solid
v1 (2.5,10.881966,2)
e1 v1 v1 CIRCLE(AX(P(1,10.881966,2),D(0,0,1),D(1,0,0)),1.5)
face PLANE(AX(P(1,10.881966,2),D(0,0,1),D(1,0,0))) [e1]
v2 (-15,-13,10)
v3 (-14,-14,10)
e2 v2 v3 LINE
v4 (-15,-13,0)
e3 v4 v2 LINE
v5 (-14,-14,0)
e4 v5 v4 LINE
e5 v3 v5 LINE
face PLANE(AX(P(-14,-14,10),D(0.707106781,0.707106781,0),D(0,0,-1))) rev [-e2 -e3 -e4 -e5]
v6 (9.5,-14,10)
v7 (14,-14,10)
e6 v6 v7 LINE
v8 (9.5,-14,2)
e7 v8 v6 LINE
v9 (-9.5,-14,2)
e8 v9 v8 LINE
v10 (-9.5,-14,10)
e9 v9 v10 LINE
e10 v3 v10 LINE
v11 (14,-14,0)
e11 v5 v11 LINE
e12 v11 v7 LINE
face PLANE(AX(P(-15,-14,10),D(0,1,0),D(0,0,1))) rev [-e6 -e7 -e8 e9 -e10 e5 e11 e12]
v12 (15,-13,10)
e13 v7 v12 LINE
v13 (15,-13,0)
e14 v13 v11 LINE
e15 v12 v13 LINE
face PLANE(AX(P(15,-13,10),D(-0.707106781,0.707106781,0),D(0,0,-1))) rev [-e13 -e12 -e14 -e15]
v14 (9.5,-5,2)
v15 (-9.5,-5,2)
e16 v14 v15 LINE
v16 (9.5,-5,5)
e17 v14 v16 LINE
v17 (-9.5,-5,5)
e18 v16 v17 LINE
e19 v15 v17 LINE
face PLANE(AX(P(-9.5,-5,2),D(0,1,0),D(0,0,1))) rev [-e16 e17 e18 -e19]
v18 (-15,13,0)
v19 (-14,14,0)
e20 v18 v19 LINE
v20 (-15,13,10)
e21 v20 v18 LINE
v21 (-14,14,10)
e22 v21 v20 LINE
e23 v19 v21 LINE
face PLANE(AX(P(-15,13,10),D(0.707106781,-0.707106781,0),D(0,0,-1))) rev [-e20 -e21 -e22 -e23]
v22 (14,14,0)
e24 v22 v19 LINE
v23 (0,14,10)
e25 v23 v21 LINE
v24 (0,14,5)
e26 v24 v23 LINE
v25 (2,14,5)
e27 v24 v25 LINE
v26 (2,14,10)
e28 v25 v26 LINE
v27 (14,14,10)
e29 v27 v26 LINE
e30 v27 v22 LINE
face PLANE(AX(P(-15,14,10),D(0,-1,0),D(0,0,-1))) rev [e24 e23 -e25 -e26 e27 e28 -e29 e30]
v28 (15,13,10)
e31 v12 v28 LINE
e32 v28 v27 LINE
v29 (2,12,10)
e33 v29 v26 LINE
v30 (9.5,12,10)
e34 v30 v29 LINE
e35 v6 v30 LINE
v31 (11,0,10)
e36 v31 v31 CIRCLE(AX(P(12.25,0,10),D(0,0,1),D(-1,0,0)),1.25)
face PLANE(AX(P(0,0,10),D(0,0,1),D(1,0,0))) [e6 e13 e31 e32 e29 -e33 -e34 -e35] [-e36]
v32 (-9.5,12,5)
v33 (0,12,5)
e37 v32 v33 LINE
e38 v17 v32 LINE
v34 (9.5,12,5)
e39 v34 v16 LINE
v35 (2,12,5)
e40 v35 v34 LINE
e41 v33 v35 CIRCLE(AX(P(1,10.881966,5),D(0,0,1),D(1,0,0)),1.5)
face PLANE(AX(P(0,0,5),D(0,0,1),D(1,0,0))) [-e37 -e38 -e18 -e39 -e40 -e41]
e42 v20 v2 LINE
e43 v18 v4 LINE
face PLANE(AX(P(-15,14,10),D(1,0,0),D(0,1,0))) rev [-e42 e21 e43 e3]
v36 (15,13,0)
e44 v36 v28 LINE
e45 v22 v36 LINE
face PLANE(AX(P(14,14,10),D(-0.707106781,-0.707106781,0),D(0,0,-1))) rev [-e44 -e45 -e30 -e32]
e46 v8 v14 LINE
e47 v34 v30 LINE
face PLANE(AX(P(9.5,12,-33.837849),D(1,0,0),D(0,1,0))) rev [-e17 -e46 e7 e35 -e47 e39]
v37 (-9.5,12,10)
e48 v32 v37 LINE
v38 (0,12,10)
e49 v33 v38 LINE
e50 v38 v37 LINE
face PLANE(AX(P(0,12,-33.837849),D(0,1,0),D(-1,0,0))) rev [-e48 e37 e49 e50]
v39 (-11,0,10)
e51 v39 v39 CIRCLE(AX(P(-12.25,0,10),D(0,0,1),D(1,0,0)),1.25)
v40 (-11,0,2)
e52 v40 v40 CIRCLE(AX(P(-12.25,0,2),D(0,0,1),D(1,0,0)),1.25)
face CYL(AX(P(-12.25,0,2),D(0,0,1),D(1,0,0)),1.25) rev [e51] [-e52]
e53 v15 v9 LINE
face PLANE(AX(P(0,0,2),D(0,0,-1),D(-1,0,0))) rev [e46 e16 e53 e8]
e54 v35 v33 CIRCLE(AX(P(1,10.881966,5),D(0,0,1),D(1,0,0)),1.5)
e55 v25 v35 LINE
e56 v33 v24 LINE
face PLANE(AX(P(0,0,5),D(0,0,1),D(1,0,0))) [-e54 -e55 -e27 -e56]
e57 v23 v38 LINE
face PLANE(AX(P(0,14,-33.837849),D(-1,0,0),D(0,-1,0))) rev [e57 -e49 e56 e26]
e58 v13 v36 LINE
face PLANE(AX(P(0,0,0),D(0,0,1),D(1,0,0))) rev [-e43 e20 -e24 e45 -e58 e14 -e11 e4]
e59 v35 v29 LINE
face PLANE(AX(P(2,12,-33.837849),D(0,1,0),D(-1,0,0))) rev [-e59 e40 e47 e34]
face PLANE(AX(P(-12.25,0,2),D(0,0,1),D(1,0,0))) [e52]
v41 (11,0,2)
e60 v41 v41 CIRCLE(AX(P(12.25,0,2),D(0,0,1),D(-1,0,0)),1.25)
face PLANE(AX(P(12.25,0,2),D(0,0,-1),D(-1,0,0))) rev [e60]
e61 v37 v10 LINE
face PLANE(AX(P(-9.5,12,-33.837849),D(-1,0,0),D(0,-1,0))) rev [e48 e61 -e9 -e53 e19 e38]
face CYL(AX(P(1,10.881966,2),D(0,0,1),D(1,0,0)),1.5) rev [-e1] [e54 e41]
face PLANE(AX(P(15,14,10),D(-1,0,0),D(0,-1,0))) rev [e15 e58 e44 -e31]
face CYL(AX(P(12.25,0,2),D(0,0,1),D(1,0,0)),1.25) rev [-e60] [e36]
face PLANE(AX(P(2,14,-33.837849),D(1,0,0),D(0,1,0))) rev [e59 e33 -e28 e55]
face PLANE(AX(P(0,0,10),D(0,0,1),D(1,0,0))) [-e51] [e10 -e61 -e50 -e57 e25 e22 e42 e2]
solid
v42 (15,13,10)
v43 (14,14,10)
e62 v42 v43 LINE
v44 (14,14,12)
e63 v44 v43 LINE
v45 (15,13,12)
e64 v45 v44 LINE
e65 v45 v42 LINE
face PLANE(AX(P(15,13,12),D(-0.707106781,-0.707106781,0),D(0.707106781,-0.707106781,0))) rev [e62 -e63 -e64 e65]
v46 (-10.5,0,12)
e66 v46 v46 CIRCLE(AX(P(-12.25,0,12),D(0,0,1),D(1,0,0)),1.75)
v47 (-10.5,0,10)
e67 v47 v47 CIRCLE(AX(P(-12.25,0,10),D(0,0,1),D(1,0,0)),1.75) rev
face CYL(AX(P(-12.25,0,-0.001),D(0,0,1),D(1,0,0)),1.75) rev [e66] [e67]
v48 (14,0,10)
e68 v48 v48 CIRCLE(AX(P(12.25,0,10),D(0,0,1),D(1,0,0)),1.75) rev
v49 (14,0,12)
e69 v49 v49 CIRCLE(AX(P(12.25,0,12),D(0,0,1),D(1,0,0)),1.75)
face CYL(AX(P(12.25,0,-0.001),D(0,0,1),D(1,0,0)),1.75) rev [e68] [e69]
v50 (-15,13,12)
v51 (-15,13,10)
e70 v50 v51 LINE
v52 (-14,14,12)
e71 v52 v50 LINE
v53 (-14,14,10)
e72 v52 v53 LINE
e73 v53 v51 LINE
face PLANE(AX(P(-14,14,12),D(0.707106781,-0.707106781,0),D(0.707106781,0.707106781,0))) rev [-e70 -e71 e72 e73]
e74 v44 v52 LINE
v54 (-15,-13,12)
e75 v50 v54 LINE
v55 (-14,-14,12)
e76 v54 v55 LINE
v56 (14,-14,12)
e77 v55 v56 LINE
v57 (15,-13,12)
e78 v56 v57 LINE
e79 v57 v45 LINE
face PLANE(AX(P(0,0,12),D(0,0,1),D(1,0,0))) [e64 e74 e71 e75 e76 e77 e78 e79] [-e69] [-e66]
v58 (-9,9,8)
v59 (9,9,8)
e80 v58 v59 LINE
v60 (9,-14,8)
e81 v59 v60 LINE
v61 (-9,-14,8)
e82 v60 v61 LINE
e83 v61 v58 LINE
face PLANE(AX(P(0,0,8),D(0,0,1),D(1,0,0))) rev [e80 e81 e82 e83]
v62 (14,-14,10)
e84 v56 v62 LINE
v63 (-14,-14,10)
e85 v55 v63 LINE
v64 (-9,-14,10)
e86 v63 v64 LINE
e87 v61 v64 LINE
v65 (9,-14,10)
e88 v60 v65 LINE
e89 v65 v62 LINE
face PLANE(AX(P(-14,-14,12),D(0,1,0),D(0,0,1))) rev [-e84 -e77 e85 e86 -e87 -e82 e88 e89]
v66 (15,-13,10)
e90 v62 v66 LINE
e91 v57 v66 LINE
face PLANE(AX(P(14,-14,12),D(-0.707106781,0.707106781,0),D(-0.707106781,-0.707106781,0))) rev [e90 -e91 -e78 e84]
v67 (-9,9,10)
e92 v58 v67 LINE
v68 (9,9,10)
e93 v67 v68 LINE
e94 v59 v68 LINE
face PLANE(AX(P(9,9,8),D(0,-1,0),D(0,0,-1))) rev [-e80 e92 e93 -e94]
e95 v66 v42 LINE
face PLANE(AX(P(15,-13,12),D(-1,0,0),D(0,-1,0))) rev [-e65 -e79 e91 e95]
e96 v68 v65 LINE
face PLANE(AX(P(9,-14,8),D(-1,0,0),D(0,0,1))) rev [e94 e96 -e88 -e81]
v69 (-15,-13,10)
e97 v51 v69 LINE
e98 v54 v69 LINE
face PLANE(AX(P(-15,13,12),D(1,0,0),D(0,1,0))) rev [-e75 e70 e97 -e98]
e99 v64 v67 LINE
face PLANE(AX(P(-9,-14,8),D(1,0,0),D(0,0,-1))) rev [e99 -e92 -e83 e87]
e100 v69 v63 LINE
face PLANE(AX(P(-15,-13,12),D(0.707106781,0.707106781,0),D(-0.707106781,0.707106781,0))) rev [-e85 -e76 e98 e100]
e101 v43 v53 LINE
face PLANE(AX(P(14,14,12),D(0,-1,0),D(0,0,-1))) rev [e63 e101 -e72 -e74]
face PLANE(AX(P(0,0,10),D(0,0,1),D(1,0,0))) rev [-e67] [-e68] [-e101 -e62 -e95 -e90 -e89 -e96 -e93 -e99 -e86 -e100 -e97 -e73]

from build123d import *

# Parameters (mm, degrees)
SKETCH1_W           = 30
SKETCH1_H           = 28
BOSS_EXTRUDE1_DEPTH = 10
CUT_EXTRUDE1_DEPTH  = 5
SKETCH3_R           = 1.5
SKETCH3_W           = 19
SKETCH3_H           = 9
CUT_EXTRUDE2_DEPTH  = 3
CHAMFER1_SIZE       = 1
SKETCH4_R           = 1.25
CUT_EXTRUDE3_DEPTH  = 8
BOSS_EXTRUDE2_DEPTH = 2
SKETCH6_R           = 1.75
CUT_EXTRUDE4_DEPTH  = 2
SKETCH7_W           = 18
SKETCH7_H           = 23
BOSS_EXTRUDE3_DEPTH = 2


with BuildPart() as part:
    # Sketch1 → Boss-Extrude1 (new body)
    with BuildSketch(Plane.XY):
        Rectangle(SKETCH1_W, SKETCH1_H)
    extrude(amount=BOSS_EXTRUDE1_DEPTH)

    # Sketch2 → Cut-Extrude1 (cut)
    with BuildSketch(Plane.XY.offset(10)):
        Polygon((0, 14), (0, 12), (-9.5, 12), (-9.5, -14), (9.5, -14), (9.5, 12), (2, 12), (2, 14), align=None)
    extrude(amount=-CUT_EXTRUDE1_DEPTH, mode=Mode.SUBTRACT)

    # Sketch3 → Cut-Extrude2 (cut)
    with BuildSketch(Plane.XY.offset(5)):
        with Locations((1, 10.881966011)):
            Circle(SKETCH3_R)
        with Locations((0, -9.5)):
            Rectangle(SKETCH3_W, SKETCH3_H)
    extrude(amount=-CUT_EXTRUDE2_DEPTH, mode=Mode.SUBTRACT)

    # Chamfer1
    chamfer1_edges = [part.edges().sort_by_distance(p)[0] for p in [
        (15, -14, 5),
        (-15, -14, 5),
        (-15, 14, 5),
        (15, 14, 5),
    ]]
    chamfer(chamfer1_edges, length=CHAMFER1_SIZE)

    # Sketch4 → Cut-Extrude3 (cut)
    with BuildSketch(Plane.XY.offset(10)):
        with Locations((-12.25, 0)):
            Circle(SKETCH4_R)
        with Locations(Location((12.25, 0, 0), (0, 0, 180))):
            Circle(SKETCH4_R)
    extrude(amount=-CUT_EXTRUDE3_DEPTH, mode=Mode.SUBTRACT)


with BuildPart() as body_2:
    # Sketch5 → Boss-Extrude2 (new body)
    with BuildSketch(Plane.XY.offset(10)):
        Polygon((-14, 14), (-15, 13), (-15, -13), (-14, -14), (14, -14), (15, -13), (15, 13), (14, 14), align=None)
    extrude(amount=BOSS_EXTRUDE2_DEPTH)

    # Sketch6 → Cut-Extrude4 (cut)
    with BuildSketch(Plane.XY.offset(12)):
        with Locations((-12.25, 0)):
            Circle(SKETCH6_R)
        with Locations((12.25, 0)):
            Circle(SKETCH6_R)
    extrude(amount=-CUT_EXTRUDE4_DEPTH, mode=Mode.SUBTRACT)

    # Sketch7 → Boss-Extrude3 (add)
    with BuildSketch(Plane(origin=(0, 0, 10), x_dir=(-1, 0, 0), z_dir=(0, 0, -1))):
        with Locations((0, -2.5)):
            Rectangle(SKETCH7_W, SKETCH7_H)
    extrude(amount=BOSS_EXTRUDE3_DEPTH)


solid = Compound([part.part, body_2.part])
